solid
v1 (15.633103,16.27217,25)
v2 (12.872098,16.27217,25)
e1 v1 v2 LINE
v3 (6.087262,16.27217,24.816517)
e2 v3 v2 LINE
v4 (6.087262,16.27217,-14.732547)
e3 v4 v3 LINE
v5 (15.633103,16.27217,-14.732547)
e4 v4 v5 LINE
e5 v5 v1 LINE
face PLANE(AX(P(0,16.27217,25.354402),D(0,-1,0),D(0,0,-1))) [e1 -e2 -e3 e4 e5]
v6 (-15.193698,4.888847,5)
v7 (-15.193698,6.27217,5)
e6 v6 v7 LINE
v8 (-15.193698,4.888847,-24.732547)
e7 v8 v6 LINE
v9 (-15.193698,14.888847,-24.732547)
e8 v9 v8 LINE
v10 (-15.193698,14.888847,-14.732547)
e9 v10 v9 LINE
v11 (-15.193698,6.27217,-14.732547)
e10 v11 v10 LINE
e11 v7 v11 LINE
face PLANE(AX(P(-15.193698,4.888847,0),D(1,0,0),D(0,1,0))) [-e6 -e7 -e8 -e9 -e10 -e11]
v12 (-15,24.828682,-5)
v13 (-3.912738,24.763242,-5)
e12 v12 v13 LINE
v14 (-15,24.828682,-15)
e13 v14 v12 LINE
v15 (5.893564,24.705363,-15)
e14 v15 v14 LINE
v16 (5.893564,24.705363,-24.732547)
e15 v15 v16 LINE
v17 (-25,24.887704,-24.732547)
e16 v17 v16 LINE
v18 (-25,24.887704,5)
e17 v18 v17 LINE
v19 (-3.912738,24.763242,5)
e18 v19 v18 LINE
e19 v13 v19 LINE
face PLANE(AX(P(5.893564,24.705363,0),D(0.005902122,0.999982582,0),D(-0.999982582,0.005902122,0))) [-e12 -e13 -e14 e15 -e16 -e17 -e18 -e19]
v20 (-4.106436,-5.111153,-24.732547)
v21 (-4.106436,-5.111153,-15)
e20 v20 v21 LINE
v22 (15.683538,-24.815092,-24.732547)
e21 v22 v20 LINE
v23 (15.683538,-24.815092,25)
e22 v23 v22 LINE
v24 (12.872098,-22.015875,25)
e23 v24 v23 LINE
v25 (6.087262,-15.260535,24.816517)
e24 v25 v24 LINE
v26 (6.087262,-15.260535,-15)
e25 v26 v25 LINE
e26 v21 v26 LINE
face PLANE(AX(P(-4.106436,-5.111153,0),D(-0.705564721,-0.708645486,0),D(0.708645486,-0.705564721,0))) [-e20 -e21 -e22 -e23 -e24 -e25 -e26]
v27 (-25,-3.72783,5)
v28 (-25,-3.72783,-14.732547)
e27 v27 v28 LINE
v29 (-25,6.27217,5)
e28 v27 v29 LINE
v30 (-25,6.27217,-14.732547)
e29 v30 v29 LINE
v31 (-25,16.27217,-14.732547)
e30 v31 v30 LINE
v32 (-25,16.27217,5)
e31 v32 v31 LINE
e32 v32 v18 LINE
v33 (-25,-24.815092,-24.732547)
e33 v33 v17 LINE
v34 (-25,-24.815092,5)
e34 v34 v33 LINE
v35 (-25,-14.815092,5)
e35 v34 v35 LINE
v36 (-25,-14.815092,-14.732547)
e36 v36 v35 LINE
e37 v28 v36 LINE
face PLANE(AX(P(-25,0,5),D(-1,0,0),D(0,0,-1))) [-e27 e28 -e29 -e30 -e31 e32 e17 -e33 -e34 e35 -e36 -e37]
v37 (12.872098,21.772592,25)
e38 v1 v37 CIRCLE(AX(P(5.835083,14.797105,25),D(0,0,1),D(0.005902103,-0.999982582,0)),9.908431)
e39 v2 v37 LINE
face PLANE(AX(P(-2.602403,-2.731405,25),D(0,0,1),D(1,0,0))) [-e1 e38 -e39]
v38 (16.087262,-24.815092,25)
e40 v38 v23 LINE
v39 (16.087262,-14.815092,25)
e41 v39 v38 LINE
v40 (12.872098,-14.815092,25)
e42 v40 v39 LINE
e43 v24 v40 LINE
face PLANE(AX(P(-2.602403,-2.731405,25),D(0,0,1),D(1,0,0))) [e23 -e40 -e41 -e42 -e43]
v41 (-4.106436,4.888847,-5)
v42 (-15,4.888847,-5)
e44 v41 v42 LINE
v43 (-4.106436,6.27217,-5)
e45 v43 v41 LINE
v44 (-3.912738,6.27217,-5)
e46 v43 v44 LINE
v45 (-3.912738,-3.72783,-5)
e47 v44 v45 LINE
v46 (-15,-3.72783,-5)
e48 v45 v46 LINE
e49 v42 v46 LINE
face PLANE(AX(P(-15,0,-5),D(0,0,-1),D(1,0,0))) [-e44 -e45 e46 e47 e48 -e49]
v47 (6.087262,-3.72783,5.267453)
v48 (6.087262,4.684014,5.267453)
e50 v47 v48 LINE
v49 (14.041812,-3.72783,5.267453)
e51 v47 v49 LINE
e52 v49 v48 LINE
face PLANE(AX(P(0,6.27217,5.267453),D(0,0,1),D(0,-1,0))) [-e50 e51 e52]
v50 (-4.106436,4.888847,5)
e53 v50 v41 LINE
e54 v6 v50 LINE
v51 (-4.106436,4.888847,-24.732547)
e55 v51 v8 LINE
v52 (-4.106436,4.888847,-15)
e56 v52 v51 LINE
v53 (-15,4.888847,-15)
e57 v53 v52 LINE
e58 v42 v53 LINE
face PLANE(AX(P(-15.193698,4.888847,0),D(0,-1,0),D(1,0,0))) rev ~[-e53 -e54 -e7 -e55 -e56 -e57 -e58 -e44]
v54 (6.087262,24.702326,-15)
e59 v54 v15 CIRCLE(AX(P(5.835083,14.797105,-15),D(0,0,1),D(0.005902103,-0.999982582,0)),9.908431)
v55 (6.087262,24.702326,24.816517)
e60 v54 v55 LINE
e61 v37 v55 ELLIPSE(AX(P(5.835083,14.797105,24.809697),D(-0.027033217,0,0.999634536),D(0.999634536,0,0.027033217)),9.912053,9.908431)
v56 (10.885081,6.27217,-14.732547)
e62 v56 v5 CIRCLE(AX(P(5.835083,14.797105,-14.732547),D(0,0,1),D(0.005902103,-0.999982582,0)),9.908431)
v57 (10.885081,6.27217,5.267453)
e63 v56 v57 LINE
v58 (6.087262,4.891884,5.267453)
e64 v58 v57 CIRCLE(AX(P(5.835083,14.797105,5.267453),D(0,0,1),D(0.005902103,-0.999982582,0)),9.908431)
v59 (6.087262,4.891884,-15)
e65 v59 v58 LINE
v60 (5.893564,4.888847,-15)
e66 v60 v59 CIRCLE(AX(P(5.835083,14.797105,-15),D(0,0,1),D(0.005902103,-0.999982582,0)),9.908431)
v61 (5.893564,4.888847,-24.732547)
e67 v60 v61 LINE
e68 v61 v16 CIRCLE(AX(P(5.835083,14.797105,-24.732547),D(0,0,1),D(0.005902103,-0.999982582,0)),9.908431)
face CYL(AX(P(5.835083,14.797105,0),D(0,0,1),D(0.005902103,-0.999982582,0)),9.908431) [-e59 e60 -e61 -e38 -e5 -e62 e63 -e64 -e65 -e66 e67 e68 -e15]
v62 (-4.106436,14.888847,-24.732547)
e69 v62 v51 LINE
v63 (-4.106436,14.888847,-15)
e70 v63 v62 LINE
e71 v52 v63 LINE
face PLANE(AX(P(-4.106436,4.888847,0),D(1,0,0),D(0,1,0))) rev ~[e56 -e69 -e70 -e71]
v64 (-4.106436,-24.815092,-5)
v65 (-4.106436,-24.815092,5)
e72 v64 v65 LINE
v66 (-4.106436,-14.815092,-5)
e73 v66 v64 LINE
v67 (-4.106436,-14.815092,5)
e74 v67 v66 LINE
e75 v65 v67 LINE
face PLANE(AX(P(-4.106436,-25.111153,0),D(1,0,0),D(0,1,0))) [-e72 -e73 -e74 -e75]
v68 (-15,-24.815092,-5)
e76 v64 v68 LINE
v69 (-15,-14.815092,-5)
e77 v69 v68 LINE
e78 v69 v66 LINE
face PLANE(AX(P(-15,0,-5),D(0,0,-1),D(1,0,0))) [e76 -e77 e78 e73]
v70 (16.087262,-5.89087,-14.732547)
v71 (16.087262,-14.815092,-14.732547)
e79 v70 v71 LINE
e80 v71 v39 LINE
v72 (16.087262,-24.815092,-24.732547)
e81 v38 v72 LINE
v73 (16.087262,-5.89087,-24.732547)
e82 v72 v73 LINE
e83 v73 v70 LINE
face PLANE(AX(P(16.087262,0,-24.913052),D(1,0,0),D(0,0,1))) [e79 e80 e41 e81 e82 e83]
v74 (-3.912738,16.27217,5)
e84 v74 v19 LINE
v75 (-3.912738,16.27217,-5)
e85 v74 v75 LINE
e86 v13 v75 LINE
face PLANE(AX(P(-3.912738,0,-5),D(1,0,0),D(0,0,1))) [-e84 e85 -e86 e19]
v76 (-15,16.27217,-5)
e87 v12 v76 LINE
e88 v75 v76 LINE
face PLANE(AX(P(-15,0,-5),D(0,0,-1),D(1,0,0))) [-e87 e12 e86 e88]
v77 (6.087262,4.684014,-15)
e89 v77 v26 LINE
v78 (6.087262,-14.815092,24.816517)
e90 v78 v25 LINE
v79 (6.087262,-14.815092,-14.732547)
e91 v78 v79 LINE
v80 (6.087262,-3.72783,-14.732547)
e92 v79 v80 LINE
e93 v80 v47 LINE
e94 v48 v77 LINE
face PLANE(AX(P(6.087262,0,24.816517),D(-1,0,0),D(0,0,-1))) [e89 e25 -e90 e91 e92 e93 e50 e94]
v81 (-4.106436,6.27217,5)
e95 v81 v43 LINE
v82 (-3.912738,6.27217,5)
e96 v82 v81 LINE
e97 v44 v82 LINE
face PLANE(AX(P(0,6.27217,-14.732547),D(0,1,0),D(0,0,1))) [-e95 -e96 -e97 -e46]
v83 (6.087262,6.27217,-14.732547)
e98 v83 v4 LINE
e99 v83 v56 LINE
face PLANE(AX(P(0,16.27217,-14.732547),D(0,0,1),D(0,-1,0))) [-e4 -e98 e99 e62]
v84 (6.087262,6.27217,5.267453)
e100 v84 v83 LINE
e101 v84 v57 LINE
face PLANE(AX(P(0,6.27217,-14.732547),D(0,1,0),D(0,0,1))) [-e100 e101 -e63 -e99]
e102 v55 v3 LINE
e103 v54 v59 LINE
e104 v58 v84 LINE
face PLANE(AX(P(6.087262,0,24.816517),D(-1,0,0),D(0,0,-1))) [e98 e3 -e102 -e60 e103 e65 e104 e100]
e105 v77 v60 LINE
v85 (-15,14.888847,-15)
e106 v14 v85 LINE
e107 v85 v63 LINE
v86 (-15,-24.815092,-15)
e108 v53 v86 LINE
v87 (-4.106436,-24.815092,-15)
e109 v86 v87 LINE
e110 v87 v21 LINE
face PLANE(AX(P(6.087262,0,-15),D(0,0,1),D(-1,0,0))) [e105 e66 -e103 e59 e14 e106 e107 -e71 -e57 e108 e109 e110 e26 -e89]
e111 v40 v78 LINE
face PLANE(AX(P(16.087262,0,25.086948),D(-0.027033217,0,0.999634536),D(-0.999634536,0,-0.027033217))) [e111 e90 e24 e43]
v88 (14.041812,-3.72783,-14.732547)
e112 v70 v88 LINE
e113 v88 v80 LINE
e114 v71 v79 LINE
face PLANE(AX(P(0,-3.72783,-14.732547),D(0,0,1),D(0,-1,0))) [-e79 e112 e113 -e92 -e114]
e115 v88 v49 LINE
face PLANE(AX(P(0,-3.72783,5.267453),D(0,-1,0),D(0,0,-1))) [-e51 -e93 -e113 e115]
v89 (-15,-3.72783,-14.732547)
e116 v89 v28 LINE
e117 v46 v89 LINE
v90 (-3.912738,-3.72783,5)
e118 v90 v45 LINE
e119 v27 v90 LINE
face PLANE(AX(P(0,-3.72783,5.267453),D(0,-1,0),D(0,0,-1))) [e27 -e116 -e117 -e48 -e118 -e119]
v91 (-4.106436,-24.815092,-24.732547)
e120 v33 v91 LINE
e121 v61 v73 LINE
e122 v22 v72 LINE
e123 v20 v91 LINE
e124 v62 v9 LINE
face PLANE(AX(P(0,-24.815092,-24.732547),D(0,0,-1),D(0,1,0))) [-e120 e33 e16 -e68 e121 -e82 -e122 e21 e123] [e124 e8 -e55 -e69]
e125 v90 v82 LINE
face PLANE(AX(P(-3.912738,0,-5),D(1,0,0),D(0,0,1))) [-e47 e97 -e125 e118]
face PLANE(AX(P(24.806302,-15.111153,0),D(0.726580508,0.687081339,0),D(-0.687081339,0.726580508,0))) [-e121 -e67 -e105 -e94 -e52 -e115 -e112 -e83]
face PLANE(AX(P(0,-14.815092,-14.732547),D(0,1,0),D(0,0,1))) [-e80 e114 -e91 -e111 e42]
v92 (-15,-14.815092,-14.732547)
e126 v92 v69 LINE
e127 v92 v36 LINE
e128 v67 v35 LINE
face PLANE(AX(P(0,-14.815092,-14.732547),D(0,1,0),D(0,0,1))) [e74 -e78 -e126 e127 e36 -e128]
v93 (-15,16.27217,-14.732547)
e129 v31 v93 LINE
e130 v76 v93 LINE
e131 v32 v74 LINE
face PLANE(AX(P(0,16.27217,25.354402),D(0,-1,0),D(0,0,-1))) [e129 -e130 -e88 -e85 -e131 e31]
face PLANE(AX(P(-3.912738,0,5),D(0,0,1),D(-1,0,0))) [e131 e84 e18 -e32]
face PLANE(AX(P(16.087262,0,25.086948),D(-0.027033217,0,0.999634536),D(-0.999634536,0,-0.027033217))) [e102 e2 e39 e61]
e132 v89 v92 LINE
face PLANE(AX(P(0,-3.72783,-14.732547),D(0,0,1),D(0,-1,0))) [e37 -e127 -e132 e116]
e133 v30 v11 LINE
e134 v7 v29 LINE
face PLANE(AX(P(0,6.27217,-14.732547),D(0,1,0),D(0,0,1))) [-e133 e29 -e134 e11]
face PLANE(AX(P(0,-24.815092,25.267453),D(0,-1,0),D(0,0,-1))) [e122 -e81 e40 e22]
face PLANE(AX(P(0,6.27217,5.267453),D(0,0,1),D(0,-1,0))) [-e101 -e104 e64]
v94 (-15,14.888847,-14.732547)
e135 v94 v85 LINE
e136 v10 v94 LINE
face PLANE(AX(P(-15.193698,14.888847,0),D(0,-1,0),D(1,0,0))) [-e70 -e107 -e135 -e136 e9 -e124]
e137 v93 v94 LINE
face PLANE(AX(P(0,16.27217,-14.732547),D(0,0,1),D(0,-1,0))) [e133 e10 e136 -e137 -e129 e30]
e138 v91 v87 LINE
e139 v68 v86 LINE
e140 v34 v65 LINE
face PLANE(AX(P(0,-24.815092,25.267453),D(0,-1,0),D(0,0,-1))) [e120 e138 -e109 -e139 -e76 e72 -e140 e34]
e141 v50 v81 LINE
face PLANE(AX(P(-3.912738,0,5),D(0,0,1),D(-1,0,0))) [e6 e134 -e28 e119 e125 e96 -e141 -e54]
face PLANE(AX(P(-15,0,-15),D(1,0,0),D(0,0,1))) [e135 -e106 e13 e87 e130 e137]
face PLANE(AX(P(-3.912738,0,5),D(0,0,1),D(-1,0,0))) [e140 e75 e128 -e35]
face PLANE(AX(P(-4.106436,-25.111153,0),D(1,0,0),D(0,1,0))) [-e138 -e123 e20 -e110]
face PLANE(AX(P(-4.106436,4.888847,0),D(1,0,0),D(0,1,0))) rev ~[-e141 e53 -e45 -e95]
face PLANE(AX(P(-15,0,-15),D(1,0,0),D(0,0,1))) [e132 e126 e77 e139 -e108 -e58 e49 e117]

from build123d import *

# Parameters (mm, degrees)
F0_W     = 11.087262
F0_H     = 10
F3_DEPTH = 25
F4_DEPTH = 25
F2_W     = 11.087262
F2_H     = 10
F5_DEPTH = 25


with BuildPart() as f3:
    # F0 (on Front) → F3 (new body, symmetric)
    with BuildSketch(Plane.XZ):
        Polygon((-25, -15), (-25, -25), (16.087262, -24.913052), (16.087262, 15), (16.087262, 25.086948), (6.087262, 24.816517), (6.087262, 15), (6.087262, -15), (-15, -15), (-15, -5), (-15, 5), (-25, 5), (-25, -5), align=None)
        with Locations((-9.456369, 0)):
            Rectangle(F0_W, F0_H)
    extrude(amount=F3_DEPTH, both=True)

    # F1 (on Right) → F4 (intersect, symmetric)
    with BuildSketch(Plane.YZ):
        Polygon((-14.815092, 25.267453), (-24.815092, 25.267453), (-24.815092, -24.732547), (25.184908, -24.732547), (25.184908, 25.267453), (16.27217, 25.354402), (16.27217, -14.732547), (6.27217, -14.732547), (6.27217, 3.407452), (6.27217, 5.267453), (-3.72783, 5.267453), (-3.72783, -14.732547), (-14.815092, -14.732547), align=None)
    extrude(amount=F4_DEPTH, both=True, mode=Mode.INTERSECT)

    # F2 (on Top) → F5 (intersect, symmetric)
    with BuildSketch(Plane.XY):
        with BuildLine():
            Line((5.893564, 24.705363), (-25.193698, 24.888847))
            Line((-25.193698, 24.888847), (-25.193698, -25.111153))
            Line((-25.193698, -25.111153), (-4.106436, -25.111153))
            Line((-4.106436, -25.111153), (-4.106436, -5.111153))
            Line((-4.106436, -5.111153), (15.893564, -25.024205))
            Line((15.893564, -25.024205), (24.806302, -25.111153))
            Line((24.806302, -25.111153), (24.806302, -15.111153))
            Line((24.806302, -15.111153), (5.893564, 4.888847))
            ThreePointArc((5.893564, 4.888847), (15.743514, 14.797105), (5.893564, 24.705363))
        make_face()
        with Locations((-9.650067, 9.888847)):
            Rectangle(F2_W, F2_H, mode=Mode.SUBTRACT)
    extrude(amount=F5_DEPTH, both=True, mode=Mode.INTERSECT)


solid = f3.part
